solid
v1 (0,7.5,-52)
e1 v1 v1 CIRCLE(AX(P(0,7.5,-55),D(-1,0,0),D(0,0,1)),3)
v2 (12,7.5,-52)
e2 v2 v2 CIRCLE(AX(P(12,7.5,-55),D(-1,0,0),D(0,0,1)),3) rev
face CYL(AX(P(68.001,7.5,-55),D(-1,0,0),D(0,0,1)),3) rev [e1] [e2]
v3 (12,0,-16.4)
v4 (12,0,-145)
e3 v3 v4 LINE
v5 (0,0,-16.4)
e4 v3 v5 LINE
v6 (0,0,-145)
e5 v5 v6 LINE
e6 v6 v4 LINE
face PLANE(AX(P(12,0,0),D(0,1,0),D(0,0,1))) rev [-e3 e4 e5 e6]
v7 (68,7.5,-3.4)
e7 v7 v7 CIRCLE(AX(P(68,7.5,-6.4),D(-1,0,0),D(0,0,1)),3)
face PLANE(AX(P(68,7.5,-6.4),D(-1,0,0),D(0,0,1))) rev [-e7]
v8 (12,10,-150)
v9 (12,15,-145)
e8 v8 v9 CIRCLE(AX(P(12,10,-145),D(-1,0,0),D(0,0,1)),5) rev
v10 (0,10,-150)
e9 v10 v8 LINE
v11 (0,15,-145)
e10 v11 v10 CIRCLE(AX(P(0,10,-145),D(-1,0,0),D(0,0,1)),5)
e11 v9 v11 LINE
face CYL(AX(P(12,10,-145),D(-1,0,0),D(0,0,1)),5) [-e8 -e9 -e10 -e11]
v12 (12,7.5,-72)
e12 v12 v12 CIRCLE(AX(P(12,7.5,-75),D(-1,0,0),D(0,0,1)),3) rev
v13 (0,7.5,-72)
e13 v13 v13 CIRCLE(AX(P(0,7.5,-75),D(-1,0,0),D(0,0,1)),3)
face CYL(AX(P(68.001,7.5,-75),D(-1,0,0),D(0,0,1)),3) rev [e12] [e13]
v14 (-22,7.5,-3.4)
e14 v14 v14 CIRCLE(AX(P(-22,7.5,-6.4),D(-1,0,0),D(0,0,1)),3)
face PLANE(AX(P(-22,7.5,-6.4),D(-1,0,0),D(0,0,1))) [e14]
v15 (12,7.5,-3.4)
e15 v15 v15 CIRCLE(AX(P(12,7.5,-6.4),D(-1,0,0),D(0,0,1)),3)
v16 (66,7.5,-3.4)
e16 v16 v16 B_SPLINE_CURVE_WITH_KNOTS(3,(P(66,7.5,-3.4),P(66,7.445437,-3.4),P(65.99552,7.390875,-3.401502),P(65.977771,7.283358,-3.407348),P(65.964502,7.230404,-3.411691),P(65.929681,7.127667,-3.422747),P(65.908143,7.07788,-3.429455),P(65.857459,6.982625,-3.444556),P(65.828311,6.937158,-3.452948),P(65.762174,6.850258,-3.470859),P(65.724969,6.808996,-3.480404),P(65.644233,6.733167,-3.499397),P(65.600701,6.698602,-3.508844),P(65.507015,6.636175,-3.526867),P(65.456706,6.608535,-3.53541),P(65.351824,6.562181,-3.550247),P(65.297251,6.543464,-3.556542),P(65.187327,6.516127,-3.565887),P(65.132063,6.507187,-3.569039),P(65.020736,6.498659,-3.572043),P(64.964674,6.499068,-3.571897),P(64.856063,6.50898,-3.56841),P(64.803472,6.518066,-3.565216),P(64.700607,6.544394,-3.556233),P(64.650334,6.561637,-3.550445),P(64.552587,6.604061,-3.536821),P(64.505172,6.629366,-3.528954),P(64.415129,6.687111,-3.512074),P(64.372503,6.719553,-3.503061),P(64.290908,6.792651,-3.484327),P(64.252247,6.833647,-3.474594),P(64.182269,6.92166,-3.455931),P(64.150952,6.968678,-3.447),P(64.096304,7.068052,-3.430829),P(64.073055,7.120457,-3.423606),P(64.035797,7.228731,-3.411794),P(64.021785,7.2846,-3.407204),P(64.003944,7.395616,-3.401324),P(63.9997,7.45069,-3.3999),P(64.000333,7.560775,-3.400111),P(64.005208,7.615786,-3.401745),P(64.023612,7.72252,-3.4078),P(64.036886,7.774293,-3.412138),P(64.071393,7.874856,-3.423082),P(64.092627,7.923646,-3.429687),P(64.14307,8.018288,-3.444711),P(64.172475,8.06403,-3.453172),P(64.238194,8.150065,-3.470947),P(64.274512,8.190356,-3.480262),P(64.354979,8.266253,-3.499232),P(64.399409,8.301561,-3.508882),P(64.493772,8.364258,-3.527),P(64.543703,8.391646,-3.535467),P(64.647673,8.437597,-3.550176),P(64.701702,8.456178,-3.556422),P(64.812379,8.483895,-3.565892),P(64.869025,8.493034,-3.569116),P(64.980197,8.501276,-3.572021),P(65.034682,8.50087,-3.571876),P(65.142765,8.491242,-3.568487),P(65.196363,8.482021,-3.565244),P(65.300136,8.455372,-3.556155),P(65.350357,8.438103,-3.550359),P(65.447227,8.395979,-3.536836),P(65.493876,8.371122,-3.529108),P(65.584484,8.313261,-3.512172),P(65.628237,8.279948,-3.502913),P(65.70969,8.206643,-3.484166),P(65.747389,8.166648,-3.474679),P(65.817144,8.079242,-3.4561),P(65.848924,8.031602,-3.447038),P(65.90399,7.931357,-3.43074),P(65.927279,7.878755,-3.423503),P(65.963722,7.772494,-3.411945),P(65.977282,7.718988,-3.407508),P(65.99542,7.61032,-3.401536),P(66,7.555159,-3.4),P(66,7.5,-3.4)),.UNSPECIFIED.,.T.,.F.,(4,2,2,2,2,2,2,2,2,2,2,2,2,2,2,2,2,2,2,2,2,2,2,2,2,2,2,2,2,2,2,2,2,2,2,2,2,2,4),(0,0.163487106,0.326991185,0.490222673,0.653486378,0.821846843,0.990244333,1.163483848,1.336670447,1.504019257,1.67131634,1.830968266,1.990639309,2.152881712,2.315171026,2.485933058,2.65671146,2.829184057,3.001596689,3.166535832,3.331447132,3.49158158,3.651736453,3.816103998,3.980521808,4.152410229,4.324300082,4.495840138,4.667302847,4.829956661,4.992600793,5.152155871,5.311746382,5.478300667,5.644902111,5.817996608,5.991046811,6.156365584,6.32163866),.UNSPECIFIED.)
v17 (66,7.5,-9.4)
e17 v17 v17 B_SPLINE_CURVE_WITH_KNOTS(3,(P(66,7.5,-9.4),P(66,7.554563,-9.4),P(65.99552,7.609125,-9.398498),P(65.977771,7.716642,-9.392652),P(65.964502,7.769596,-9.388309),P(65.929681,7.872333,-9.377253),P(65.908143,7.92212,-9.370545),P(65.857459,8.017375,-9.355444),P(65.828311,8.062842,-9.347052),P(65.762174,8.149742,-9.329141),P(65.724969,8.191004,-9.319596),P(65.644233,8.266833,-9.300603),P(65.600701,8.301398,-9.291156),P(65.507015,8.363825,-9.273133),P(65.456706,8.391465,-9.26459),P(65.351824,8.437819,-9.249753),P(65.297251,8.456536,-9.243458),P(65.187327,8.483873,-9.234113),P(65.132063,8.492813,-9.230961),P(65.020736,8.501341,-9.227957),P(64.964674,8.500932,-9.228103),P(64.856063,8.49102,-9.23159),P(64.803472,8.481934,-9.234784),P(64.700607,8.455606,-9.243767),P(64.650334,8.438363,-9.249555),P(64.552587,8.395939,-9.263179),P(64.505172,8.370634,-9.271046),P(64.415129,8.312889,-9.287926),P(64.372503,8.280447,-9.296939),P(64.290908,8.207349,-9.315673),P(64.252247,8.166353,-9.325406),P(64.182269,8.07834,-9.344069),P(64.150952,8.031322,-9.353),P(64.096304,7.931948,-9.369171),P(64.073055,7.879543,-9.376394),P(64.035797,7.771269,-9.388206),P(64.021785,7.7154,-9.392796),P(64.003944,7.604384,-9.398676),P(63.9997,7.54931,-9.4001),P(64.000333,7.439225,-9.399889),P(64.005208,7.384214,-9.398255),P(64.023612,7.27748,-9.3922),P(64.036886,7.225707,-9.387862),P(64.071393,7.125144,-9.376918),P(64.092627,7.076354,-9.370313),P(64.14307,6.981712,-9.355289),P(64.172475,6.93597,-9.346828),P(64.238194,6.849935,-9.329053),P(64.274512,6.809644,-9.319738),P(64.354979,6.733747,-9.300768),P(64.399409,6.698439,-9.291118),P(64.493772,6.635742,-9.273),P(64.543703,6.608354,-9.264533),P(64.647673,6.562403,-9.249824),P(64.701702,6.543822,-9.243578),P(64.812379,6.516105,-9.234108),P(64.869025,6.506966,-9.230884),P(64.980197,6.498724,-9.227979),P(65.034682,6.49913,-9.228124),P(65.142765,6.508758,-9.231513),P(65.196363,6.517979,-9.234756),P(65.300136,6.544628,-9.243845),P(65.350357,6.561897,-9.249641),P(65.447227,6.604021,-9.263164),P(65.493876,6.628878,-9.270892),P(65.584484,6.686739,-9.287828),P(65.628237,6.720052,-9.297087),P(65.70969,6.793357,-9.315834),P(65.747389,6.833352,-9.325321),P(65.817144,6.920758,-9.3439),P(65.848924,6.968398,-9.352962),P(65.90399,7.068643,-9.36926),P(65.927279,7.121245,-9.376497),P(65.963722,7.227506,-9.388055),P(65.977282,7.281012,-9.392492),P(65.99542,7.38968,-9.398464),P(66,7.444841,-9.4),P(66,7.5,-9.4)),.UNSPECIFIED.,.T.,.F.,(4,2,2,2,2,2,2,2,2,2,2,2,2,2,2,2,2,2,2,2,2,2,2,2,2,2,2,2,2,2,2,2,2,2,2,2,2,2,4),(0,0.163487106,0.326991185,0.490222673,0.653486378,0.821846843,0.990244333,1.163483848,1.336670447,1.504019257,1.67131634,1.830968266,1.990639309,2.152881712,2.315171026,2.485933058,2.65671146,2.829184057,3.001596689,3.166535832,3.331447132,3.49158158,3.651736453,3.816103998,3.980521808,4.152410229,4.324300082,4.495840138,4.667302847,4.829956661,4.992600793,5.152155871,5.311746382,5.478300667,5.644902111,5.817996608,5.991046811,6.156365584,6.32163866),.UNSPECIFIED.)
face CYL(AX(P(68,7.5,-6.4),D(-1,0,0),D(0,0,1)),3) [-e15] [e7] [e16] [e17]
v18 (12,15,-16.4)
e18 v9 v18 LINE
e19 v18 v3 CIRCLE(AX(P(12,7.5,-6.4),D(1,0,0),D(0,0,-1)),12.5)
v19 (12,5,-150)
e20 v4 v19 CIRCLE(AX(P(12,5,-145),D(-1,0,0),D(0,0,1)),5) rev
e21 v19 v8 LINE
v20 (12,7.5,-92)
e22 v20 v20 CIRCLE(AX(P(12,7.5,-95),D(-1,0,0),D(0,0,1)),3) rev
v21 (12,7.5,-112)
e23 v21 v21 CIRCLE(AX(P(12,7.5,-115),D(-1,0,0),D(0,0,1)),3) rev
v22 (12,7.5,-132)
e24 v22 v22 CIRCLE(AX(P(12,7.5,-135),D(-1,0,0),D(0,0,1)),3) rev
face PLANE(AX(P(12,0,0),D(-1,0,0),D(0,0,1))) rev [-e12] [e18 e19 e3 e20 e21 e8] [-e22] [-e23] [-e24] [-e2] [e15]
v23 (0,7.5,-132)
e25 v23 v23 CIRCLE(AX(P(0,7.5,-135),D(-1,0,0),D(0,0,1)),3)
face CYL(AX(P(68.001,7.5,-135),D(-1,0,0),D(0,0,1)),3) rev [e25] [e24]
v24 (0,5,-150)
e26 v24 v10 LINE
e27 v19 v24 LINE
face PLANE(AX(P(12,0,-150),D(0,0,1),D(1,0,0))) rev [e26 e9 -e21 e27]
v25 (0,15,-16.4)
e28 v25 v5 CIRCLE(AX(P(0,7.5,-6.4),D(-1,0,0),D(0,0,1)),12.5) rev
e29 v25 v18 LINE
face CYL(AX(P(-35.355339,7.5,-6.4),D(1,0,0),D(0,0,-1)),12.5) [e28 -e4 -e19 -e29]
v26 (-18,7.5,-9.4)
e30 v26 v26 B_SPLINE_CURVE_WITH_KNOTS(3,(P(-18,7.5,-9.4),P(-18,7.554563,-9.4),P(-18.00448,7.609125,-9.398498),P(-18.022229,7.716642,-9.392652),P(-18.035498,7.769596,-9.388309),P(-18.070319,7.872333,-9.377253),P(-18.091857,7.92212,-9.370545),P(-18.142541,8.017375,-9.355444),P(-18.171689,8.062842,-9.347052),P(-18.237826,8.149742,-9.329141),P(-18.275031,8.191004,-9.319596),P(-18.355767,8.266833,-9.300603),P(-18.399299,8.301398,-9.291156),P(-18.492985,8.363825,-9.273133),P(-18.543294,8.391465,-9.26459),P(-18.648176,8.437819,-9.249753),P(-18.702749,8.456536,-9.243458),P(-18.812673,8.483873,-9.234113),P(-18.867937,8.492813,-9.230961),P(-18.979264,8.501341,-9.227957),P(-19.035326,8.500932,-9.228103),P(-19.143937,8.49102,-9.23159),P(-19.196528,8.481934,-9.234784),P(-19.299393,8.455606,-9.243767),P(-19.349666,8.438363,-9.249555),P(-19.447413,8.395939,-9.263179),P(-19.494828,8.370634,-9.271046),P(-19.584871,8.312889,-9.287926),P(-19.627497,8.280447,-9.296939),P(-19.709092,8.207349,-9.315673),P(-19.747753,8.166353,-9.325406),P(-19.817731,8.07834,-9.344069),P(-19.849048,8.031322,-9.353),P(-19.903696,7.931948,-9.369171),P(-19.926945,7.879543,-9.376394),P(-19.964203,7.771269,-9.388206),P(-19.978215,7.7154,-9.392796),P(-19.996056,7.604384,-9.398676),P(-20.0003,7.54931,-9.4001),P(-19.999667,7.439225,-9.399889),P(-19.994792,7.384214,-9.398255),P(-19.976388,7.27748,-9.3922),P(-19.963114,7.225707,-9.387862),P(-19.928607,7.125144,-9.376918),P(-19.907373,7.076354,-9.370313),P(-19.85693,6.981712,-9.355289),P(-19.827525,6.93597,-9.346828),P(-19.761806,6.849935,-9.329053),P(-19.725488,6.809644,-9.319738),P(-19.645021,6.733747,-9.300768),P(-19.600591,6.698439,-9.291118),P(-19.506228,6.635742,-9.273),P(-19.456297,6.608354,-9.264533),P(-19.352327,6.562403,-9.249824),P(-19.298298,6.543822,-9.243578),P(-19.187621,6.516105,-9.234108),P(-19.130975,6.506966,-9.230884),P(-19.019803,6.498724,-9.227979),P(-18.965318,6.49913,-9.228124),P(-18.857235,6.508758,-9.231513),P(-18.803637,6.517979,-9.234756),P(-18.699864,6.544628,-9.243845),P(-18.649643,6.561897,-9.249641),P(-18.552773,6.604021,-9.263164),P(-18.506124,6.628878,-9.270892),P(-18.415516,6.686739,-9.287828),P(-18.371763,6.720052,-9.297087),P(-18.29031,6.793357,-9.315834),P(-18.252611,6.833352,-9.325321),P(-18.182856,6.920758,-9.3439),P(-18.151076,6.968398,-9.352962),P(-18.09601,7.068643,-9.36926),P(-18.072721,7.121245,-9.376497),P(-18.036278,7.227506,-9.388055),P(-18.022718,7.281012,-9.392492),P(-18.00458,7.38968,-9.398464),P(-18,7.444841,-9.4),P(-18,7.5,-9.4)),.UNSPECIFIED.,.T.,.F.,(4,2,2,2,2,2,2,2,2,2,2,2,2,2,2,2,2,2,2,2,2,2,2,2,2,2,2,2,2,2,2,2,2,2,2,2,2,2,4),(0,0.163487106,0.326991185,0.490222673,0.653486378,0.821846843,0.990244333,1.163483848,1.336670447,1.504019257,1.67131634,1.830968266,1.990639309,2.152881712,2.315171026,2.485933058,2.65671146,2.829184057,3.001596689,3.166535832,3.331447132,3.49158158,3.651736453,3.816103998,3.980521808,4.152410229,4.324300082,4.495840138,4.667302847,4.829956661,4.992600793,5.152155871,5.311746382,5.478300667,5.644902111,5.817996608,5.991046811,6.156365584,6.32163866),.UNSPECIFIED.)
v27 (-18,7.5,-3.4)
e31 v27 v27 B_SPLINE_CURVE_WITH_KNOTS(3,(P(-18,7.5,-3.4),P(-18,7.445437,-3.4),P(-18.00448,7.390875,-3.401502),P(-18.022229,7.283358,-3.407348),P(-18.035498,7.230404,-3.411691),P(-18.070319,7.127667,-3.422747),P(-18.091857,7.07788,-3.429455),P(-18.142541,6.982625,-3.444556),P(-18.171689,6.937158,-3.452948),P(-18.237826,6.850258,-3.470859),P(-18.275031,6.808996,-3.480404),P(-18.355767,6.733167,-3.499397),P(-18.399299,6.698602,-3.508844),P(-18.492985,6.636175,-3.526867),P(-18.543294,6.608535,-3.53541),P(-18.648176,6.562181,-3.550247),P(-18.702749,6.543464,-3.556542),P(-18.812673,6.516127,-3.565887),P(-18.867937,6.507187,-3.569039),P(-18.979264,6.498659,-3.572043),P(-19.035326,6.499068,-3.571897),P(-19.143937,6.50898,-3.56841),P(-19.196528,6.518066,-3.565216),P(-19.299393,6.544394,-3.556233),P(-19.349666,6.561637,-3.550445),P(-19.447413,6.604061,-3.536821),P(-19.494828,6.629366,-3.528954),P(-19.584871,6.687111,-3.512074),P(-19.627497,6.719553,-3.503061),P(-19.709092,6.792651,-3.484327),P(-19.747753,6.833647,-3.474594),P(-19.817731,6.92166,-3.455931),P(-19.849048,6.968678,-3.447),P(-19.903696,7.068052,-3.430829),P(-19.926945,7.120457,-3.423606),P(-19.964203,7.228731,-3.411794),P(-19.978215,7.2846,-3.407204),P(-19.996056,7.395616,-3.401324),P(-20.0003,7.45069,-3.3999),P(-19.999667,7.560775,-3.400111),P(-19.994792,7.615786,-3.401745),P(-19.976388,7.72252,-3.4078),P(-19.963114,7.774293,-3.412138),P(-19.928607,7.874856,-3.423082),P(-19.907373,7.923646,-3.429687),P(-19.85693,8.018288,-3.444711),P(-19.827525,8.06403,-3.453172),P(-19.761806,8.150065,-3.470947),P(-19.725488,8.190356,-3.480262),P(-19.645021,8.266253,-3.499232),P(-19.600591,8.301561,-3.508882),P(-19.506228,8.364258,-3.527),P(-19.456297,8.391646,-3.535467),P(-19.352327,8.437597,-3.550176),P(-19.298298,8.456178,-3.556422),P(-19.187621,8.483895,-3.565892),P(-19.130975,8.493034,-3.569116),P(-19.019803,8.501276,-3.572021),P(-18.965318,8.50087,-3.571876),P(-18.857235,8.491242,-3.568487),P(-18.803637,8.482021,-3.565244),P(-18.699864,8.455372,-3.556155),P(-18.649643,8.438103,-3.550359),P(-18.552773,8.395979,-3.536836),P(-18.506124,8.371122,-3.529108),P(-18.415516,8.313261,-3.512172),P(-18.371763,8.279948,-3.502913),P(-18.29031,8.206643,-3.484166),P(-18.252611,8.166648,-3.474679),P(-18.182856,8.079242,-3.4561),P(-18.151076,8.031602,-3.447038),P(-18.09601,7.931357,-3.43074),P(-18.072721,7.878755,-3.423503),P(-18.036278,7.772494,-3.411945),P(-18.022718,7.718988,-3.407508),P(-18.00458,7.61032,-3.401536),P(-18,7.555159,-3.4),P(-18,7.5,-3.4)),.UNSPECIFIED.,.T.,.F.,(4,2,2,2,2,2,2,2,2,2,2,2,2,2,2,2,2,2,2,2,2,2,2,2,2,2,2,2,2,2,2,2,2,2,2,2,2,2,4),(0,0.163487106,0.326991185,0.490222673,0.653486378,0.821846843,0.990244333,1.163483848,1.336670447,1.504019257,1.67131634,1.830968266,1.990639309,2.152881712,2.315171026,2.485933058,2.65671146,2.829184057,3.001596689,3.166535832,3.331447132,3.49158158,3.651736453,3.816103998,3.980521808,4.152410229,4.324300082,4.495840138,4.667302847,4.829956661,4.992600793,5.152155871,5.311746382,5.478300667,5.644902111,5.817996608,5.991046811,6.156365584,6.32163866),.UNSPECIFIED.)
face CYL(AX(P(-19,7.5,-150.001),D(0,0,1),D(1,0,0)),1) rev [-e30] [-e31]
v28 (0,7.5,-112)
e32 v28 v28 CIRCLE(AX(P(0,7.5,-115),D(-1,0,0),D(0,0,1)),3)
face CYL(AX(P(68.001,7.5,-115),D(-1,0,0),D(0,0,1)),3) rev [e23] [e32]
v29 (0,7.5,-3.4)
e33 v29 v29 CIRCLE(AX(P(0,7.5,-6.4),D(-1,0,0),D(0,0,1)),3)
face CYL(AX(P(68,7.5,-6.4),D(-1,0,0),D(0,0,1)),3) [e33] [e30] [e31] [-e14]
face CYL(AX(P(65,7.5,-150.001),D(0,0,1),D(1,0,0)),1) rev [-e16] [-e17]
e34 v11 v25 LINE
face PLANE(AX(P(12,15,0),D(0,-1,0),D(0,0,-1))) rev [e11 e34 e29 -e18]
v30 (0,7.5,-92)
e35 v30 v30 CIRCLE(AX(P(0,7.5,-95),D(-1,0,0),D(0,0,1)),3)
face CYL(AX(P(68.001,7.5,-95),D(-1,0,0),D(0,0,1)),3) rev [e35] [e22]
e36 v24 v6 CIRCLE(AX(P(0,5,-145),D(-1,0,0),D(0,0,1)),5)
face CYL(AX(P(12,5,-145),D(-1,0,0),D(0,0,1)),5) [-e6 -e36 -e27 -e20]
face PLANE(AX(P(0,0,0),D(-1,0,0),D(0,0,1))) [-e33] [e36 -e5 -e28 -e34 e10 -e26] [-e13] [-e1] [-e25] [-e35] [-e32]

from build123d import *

# Parameters (mm, degrees)
SKETCH_1_W           = 150
SKETCH_1_H           = 15
EXTRUDE_1_DEPTH      = 12
FILLET_1_R           = 5
SKETCH_6_R           = 12.5
EXTRUDE_2_DEPTH      = 12
EXTRUDE_5_DEPTH      = 22
EXTRUDE_5_DEPTH_BACK = 68
SKETCH_15_R          = 3
CUT_EXTRUDE_9_REACH  = 167.904
SKETCH_16_R          = 1
CUT_EXTRUDE_10_REACH = 167.904
SKETCH_17_R          = 3


with BuildPart() as part:
    # 草图1 → 凸台-拉伸1 (new body)
    with BuildSketch(Plane(origin=(0, 0, 0), x_dir=(0, 0, -1), z_dir=(1, 0, 0))):
        with Locations((75, 7.5)):
            Rectangle(SKETCH_1_W, SKETCH_1_H)
    extrude(amount=EXTRUDE_1_DEPTH)

    # 圆角1
    fillet_1_edges = [part.edges().sort_by_distance(p)[0] for p in [
        (6, 15, 0),
        (6, 15, -150),
        (6, 0, -150),
        (6, 0, 0),
    ]]
    fillet(fillet_1_edges, radius=FILLET_1_R)

    # 草图6 → 凸台-拉伸2 (add)
    with BuildSketch(Plane(origin=(12, 0, 0), x_dir=(0, 0, -1), z_dir=(1, 0, 0))):
        with Locations((6.4, 7.5)):
            Circle(SKETCH_6_R)
    extrude(amount=-EXTRUDE_2_DEPTH)

    # 草图15 → 凸台-拉伸5 (add, two sides: drawn at the far end of the back side and taken through both)
    with BuildSketch(Plane.ZY.offset(-EXTRUDE_5_DEPTH_BACK)):
        with Locations((-6.4, 7.5)):
            Circle(SKETCH_15_R)
    extrude(amount=EXTRUDE_5_DEPTH + EXTRUDE_5_DEPTH_BACK)

    # 草图16 → 切除-拉伸9 (cut, up to next)
    with BuildSketch(Plane.XY, mode=Mode.PRIVATE) as cut_extrude_9_sk1:
        with Locations((-19, 7.5)):
            Circle(SKETCH_16_R)
    cut_extrude_9_tool1 = extrude(cut_extrude_9_sk1.sketch, amount=-CUT_EXTRUDE_9_REACH, mode=Mode.PRIVATE) & part.part
    # 草图16 → 切除-拉伸9 (cut, up to next)
    with BuildSketch(Plane.XY, mode=Mode.PRIVATE) as cut_extrude_9_sk2:
        with Locations((65, 7.5)):
            Circle(SKETCH_16_R)
    cut_extrude_9_tool2 = extrude(cut_extrude_9_sk2.sketch, amount=-CUT_EXTRUDE_9_REACH, mode=Mode.PRIVATE) & part.part
    add(cut_extrude_9_tool1.solids().sort_by_distance((-19, 7.5, 0))[0], mode=Mode.SUBTRACT)
    add(cut_extrude_9_tool2.solids().sort_by_distance((65, 7.5, 0))[0], mode=Mode.SUBTRACT)

    # 草图17 → 切除-拉伸10 (cut, up to next)
    with BuildSketch(Plane.ZY, mode=Mode.PRIVATE) as cut_extrude_10_sk1:
        with Locations((-135, 7.5)):
            Circle(SKETCH_17_R)
    cut_extrude_10_tool1 = extrude(cut_extrude_10_sk1.sketch, amount=-CUT_EXTRUDE_10_REACH, mode=Mode.PRIVATE) & part.part
    # 草图17 → 切除-拉伸10 (cut, up to next)
    with BuildSketch(Plane.ZY, mode=Mode.PRIVATE) as cut_extrude_10_sk2:
        with Locations((-115, 7.5)):
            Circle(SKETCH_17_R)
    cut_extrude_10_tool2 = extrude(cut_extrude_10_sk2.sketch, amount=-CUT_EXTRUDE_10_REACH, mode=Mode.PRIVATE) & part.part
    # 草图17 → 切除-拉伸10 (cut, up to next)
    with BuildSketch(Plane.ZY, mode=Mode.PRIVATE) as cut_extrude_10_sk3:
        with Locations((-95, 7.5)):
            Circle(SKETCH_17_R)
    cut_extrude_10_tool3 = extrude(cut_extrude_10_sk3.sketch, amount=-CUT_EXTRUDE_10_REACH, mode=Mode.PRIVATE) & part.part
    # 草图17 → 切除-拉伸10 (cut, up to next)
    with BuildSketch(Plane.ZY, mode=Mode.PRIVATE) as cut_extrude_10_sk4:
        with Locations((-75, 7.5)):
            Circle(SKETCH_17_R)
    cut_extrude_10_tool4 = extrude(cut_extrude_10_sk4.sketch, amount=-CUT_EXTRUDE_10_REACH, mode=Mode.PRIVATE) & part.part
    # 草图17 → 切除-拉伸10 (cut, up to next)
    with BuildSketch(Plane.ZY, mode=Mode.PRIVATE) as cut_extrude_10_sk5:
        with Locations((-55, 7.5)):
            Circle(SKETCH_17_R)
    cut_extrude_10_tool5 = extrude(cut_extrude_10_sk5.sketch, amount=-CUT_EXTRUDE_10_REACH, mode=Mode.PRIVATE) & part.part
    add(cut_extrude_10_tool1.solids().sort_by_distance((0, 7.5, -135))[0], mode=Mode.SUBTRACT)
    add(cut_extrude_10_tool2.solids().sort_by_distance((0, 7.5, -115))[0], mode=Mode.SUBTRACT)
    add(cut_extrude_10_tool3.solids().sort_by_distance((0, 7.5, -95))[0], mode=Mode.SUBTRACT)
    add(cut_extrude_10_tool4.solids().sort_by_distance((0, 7.5, -75))[0], mode=Mode.SUBTRACT)
    add(cut_extrude_10_tool5.solids().sort_by_distance((0, 7.5, -55))[0], mode=Mode.SUBTRACT)


solid = part.part
